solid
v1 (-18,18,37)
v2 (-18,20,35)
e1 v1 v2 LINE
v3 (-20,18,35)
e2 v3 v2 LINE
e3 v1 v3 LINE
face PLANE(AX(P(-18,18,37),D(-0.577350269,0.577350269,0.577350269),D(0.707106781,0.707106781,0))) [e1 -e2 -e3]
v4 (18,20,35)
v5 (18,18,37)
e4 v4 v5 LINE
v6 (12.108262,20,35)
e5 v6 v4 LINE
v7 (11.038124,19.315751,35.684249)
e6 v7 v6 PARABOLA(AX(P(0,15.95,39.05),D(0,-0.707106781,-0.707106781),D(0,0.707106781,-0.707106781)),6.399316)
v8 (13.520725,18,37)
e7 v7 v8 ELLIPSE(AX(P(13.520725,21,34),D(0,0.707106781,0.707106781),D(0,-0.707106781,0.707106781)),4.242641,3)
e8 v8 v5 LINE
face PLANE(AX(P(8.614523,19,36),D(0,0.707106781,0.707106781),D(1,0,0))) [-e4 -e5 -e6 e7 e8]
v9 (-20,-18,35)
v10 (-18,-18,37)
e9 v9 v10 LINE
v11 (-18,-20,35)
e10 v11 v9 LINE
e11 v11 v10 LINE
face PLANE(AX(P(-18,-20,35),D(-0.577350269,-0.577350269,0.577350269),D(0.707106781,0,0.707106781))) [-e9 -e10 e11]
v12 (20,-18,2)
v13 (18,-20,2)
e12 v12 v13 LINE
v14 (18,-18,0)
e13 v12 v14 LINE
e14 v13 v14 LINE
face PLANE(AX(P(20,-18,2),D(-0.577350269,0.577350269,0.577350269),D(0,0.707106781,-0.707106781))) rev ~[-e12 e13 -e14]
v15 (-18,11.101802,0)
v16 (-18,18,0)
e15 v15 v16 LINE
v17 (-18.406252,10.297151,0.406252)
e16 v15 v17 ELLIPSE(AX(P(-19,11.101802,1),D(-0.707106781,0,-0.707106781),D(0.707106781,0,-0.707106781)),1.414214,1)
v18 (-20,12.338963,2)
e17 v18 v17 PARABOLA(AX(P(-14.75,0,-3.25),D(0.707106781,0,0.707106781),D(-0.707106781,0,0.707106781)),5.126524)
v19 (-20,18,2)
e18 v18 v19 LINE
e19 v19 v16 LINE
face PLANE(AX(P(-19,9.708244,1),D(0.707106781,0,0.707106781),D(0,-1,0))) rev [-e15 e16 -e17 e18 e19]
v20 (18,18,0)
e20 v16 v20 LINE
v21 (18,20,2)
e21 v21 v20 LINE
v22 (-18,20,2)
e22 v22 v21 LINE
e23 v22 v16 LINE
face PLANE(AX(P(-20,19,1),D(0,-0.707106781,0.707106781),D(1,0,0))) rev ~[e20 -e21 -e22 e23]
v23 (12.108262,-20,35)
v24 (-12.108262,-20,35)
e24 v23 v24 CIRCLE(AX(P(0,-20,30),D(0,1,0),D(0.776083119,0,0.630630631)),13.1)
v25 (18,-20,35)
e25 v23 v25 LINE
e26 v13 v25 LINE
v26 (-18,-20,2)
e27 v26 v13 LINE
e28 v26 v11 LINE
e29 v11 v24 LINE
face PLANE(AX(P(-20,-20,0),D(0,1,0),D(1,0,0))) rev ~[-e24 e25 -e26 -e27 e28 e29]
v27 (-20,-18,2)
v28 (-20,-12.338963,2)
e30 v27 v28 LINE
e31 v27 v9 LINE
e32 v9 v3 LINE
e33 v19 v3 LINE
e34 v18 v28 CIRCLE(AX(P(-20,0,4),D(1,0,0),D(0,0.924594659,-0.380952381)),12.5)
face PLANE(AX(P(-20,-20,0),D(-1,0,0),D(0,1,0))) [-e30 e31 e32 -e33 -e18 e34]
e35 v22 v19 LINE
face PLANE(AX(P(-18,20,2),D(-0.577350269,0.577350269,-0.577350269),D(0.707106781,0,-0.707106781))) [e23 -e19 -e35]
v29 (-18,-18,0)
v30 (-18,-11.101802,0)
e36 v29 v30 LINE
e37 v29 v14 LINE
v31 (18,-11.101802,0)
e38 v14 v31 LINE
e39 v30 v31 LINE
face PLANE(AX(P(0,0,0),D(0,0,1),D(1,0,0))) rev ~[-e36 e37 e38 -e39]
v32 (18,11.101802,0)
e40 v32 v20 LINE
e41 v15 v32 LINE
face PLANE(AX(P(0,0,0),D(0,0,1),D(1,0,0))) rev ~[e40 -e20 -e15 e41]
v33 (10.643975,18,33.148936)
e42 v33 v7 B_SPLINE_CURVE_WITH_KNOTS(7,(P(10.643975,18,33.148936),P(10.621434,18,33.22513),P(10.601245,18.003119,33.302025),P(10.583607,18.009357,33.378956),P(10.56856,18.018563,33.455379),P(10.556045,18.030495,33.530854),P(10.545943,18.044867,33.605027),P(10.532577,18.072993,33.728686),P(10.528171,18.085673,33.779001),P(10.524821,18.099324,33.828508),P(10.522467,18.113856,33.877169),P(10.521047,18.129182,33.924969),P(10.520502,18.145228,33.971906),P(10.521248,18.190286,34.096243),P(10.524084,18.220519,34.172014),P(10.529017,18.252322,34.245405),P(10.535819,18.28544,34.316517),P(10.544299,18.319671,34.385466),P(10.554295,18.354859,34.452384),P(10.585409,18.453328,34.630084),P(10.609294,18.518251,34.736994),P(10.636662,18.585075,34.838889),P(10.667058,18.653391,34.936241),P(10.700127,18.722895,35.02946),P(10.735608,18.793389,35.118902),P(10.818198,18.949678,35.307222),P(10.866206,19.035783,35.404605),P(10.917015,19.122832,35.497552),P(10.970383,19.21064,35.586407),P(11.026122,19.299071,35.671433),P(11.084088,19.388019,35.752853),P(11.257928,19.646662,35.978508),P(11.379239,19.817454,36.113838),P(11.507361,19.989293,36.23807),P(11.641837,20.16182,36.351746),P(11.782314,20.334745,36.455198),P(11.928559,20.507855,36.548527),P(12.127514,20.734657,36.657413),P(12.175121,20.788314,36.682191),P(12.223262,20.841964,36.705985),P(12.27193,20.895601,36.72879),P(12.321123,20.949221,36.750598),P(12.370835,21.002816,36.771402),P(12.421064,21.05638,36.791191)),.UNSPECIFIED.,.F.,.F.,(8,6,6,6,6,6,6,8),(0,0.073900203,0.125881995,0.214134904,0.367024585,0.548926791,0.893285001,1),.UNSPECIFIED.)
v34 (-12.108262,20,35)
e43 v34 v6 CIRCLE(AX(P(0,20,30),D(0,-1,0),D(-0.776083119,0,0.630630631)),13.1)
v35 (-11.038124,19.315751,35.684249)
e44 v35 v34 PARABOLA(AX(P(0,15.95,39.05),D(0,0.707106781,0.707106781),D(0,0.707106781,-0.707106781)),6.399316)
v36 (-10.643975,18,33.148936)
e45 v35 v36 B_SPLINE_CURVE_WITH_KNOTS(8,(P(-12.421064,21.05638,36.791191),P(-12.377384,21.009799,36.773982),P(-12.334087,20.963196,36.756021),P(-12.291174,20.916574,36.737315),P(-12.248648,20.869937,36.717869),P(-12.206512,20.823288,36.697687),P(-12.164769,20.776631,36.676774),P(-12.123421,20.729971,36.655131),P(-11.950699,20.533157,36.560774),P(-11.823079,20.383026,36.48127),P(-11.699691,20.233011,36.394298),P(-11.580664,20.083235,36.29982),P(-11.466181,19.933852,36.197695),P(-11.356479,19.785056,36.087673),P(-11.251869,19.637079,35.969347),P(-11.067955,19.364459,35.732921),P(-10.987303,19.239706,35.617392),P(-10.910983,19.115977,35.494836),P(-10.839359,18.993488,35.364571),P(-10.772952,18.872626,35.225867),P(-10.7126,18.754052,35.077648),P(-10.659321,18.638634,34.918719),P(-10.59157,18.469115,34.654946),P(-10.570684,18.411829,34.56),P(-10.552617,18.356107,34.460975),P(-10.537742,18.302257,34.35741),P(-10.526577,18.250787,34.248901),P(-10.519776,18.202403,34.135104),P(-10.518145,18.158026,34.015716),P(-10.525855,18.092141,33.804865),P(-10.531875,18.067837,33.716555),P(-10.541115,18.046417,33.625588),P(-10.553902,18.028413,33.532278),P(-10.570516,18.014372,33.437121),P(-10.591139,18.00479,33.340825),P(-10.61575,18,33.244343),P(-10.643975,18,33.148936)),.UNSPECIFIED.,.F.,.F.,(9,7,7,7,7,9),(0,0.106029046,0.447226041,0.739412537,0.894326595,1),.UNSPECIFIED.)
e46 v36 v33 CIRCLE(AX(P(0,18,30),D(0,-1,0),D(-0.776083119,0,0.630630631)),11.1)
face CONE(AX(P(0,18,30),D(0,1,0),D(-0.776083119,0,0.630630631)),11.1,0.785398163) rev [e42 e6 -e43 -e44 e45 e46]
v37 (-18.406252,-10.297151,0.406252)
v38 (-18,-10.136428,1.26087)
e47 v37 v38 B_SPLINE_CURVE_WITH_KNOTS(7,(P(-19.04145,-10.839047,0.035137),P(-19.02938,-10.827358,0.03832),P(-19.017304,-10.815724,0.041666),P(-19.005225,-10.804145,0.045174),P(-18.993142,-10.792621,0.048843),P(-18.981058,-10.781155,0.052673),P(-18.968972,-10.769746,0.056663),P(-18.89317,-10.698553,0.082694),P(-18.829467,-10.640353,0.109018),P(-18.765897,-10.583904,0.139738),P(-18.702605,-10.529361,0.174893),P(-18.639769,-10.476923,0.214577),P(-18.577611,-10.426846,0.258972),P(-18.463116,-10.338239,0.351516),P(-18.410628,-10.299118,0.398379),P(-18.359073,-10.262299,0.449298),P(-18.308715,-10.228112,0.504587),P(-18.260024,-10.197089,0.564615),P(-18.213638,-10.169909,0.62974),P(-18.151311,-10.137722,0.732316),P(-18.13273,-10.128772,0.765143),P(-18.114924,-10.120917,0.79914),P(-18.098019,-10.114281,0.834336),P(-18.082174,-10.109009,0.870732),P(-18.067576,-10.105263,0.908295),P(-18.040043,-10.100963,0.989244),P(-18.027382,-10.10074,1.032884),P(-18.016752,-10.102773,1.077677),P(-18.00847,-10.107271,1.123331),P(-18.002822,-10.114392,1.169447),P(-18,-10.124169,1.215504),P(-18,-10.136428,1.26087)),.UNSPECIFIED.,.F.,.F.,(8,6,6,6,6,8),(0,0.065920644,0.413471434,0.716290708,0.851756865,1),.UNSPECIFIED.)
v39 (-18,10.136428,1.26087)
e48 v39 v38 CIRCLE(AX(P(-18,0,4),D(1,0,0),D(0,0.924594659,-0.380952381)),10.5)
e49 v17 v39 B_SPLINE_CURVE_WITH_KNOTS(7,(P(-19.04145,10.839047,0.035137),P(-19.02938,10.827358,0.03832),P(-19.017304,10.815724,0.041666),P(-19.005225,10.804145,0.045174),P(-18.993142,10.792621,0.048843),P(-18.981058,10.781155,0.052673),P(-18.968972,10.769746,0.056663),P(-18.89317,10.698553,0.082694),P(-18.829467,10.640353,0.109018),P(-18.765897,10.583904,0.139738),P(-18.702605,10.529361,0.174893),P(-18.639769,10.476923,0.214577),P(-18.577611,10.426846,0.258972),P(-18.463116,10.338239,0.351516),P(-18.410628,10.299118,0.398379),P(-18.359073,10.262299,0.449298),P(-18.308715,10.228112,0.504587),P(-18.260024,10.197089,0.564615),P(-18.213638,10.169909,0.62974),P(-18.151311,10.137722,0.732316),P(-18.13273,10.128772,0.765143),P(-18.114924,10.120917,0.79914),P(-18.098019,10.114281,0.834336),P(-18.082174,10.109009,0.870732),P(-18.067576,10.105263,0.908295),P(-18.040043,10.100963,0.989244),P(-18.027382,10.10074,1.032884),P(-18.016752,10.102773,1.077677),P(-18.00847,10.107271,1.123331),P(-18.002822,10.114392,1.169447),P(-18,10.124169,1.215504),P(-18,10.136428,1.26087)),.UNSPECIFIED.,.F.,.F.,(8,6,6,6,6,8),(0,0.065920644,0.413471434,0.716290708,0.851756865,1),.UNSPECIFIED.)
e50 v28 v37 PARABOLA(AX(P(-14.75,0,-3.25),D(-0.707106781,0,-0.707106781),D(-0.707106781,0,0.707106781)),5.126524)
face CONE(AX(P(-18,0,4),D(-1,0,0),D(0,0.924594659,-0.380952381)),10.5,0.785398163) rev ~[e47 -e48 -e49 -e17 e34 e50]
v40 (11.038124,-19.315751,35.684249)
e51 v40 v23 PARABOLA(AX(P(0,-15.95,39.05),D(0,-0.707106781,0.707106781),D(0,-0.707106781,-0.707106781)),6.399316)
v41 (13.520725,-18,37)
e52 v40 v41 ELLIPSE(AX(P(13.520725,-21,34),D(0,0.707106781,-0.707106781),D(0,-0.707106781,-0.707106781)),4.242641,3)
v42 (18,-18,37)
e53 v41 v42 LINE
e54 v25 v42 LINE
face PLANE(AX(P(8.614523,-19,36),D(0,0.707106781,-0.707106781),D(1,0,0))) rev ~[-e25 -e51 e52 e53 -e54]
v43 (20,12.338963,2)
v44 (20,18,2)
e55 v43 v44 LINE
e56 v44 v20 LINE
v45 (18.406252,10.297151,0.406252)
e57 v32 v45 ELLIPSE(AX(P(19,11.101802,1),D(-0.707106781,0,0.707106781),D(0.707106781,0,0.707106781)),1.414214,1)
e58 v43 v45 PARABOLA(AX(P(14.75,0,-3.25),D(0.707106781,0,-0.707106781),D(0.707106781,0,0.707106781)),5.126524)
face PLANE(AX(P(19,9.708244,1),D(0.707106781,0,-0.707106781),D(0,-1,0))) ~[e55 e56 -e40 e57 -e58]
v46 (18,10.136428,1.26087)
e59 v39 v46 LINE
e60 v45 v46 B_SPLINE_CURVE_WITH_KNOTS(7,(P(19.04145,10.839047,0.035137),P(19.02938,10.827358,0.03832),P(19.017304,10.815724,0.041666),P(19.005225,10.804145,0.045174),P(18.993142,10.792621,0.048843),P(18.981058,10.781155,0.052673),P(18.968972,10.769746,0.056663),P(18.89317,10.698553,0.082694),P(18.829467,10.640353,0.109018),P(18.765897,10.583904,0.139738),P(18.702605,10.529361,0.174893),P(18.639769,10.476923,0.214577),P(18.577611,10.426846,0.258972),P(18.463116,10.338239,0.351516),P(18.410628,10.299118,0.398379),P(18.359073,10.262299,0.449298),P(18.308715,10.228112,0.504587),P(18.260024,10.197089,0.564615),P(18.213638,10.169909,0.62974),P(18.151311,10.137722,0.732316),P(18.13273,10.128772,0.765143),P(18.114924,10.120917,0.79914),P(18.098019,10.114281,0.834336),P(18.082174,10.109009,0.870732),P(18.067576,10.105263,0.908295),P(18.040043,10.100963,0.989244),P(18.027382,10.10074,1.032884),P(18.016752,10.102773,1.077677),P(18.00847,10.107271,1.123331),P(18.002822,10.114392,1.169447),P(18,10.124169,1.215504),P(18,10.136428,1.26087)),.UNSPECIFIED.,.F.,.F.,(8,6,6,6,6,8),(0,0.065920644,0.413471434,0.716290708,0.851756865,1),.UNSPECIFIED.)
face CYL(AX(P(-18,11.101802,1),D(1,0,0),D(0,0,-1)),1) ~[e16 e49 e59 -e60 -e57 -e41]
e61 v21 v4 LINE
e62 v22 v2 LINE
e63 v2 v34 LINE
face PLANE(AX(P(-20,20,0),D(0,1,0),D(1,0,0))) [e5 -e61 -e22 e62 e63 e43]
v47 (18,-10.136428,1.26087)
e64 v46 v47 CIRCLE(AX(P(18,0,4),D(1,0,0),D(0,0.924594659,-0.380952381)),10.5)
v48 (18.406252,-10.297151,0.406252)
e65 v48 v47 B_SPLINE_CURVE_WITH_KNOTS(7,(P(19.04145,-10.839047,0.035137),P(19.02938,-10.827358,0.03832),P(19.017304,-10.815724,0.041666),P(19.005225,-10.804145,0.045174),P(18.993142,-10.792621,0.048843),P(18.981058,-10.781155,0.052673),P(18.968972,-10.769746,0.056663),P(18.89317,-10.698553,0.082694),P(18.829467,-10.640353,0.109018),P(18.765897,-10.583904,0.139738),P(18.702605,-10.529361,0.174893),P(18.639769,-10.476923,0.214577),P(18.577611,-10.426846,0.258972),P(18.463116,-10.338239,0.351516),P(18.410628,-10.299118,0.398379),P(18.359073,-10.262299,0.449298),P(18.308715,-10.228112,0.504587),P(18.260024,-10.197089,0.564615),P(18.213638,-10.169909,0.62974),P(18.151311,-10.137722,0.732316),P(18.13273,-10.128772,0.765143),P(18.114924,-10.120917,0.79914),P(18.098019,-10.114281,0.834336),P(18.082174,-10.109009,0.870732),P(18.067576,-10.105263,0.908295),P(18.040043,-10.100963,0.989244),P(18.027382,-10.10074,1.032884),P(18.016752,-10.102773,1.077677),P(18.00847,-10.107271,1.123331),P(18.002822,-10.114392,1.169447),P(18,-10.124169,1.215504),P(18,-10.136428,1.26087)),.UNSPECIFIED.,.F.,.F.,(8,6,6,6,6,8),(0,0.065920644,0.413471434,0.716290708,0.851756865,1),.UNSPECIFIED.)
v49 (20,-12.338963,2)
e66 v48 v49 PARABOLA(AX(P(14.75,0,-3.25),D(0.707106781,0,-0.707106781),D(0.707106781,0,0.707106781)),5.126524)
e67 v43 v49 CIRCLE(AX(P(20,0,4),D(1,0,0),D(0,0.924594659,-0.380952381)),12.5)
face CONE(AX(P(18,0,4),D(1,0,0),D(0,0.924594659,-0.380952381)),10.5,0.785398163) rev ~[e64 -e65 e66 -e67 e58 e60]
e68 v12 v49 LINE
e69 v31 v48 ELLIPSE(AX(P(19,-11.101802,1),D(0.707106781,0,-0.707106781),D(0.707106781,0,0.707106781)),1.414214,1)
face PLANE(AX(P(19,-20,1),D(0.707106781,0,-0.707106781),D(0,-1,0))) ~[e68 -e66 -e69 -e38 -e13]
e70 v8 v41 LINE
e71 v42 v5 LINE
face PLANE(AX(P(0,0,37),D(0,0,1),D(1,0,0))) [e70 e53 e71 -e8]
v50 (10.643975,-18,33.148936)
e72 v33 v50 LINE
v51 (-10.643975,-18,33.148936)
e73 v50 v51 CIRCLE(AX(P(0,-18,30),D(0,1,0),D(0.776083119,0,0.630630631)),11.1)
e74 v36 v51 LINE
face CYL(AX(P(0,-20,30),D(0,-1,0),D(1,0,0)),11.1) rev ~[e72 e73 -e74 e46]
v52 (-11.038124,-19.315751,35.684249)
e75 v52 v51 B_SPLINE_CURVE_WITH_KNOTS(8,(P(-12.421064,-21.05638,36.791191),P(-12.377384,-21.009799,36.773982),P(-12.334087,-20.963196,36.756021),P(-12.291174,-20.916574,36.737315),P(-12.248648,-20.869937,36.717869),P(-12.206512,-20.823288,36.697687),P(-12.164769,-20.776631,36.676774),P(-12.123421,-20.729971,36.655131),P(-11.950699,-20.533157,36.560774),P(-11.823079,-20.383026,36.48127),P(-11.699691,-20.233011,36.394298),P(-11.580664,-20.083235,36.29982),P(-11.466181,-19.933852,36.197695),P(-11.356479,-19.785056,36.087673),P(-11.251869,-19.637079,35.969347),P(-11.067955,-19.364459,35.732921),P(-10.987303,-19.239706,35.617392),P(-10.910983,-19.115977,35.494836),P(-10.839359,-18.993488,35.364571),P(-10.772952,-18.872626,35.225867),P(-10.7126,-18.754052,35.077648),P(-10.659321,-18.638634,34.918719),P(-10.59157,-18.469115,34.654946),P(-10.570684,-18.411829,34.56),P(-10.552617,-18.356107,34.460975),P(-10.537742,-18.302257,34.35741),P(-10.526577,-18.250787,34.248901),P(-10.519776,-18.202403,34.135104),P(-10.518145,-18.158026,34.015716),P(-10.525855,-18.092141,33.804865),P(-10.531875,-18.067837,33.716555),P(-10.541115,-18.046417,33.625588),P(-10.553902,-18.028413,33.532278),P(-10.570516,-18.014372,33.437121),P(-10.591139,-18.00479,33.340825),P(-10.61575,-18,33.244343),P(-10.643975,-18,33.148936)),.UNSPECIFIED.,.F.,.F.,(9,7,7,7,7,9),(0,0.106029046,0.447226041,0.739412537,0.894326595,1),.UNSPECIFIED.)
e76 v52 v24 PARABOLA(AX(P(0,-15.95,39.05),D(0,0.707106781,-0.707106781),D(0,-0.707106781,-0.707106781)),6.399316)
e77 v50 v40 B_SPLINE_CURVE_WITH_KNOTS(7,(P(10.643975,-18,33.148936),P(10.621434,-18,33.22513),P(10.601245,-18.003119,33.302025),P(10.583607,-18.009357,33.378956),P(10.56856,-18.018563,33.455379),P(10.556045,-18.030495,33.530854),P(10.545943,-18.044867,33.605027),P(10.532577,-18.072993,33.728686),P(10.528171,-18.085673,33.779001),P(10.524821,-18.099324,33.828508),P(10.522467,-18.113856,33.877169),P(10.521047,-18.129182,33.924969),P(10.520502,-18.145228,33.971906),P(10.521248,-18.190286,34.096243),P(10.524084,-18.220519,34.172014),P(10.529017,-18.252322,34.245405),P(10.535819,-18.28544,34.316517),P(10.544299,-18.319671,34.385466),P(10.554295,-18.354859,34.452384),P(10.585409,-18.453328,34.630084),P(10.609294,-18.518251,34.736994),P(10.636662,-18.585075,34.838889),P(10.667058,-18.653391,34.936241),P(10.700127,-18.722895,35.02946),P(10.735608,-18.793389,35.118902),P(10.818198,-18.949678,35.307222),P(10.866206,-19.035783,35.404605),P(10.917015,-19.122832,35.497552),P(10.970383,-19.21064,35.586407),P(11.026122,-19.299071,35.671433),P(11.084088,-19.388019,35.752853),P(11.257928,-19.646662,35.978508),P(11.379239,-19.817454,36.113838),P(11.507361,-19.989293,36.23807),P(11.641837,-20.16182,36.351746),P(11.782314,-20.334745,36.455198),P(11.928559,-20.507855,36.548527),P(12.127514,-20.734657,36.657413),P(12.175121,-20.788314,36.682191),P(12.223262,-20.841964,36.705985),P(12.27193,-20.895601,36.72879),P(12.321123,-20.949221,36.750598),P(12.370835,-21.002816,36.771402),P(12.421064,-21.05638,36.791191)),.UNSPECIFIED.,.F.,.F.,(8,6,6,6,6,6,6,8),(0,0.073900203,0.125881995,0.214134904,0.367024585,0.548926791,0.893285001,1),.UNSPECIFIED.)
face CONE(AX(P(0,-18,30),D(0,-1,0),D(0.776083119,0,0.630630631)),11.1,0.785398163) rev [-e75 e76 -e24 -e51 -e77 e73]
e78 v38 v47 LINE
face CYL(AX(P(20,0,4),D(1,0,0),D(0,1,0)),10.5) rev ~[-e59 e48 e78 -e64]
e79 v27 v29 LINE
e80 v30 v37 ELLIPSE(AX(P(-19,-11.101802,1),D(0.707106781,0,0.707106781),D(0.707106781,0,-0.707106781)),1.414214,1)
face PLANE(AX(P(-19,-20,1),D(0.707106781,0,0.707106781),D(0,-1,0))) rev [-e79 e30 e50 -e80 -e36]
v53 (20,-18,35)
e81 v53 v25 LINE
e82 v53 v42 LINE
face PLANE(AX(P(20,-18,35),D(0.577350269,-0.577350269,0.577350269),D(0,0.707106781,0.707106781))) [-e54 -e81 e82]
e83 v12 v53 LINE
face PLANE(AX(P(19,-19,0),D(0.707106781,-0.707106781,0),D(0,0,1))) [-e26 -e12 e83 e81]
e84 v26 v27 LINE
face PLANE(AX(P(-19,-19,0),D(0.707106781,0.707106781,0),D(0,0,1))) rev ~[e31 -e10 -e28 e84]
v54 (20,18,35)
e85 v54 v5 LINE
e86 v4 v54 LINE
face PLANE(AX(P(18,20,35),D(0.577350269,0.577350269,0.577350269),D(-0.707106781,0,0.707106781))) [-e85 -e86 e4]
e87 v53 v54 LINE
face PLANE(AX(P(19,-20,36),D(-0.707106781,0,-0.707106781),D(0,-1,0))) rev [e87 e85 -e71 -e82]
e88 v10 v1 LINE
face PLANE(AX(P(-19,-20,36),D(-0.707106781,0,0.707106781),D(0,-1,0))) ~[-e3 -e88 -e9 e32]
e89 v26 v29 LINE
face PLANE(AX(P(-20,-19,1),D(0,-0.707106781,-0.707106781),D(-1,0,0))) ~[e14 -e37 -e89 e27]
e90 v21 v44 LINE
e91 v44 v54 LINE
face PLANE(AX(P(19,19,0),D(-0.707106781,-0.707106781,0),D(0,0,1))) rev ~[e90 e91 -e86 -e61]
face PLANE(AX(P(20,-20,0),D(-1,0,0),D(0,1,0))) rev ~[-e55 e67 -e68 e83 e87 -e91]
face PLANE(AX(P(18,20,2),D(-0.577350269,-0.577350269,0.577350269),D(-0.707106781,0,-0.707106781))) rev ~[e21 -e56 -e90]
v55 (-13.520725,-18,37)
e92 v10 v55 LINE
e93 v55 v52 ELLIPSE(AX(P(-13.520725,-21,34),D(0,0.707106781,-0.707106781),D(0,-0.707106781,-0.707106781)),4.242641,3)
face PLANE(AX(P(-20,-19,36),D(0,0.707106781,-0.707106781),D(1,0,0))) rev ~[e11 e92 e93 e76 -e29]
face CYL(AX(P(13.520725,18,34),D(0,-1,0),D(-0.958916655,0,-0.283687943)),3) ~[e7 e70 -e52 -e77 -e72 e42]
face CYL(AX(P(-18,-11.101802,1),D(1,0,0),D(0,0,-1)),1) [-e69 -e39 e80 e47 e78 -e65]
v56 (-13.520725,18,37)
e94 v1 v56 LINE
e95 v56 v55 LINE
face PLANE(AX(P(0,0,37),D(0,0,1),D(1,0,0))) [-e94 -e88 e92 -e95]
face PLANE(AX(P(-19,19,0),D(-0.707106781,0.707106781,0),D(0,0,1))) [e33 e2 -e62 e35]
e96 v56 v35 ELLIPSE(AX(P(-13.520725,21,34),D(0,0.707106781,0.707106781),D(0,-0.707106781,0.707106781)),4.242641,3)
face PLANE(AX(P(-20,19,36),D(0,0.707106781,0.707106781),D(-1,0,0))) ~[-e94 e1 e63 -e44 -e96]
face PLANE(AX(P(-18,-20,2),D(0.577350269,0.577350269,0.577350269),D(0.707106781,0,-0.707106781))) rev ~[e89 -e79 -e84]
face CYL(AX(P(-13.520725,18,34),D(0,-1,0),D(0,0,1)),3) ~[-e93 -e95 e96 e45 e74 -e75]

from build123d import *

# Parameters (mm, degrees)
SKETCH_W        = 40
SKETCH_H        = 40
PAD_DEPTH       = 37
SKETCH001_R     = 10.5
POCKET_DEPTH    = 40.001
SKETCH002_R     = 11.1
POCKET001_DEPTH = 40.001
CHAMFER_SIZE    = 2
FILLET_R        = 3
FILLET001_R     = 1


with BuildPart() as part:
    # Sketch → Pad (new body)
    with BuildSketch(Plane.XY):
        Rectangle(SKETCH_W, SKETCH_H)
    extrude(amount=PAD_DEPTH)

    # Sketch001 → Pocket (cut, through all)
    with BuildSketch(Plane.YZ.offset(20)):
        with Locations((0, 4)):
            Circle(SKETCH001_R)
    extrude(amount=-POCKET_DEPTH, mode=Mode.SUBTRACT)

    # Sketch002 → Pocket001 (cut, through all)
    with BuildSketch(Plane.XZ.offset(20)):
        with Locations((0, 30)):
            Circle(SKETCH002_R)
    extrude(amount=-POCKET001_DEPTH, mode=Mode.SUBTRACT)

    # Chamfer
    chamfer_edges = [part.edges().sort_by_distance(p)[0] for p in [
        (-20, -14.854122, 0),
        (-20, -2.038803, 14.300159),
        (-20, 10.300159, 1.961197),
        (-20, 14.854122, 0),
        (-20, 20, 18.5),
        (-20, 0, 37),
        (-20, -20, 18.5),
        (0, -20, 0),
        (-14.307261, -20, 37),
        (-3.714081, -20, 19.539809),
        (10.460191, -20, 33.714081),
        (14.307261, -20, 37),
        (20, -20, 18.5),
        (20, 14.854122, 0),
        (20, 10.300159, 1.961197),
        (20, -2.038803, 14.300159),
        (20, -14.854122, 0),
        (20, 0, 37),
        (20, 20, 18.5),
        (0, 20, 0),
        (14.307261, 20, 37),
        (10.460191, 20, 33.714081),
        (-3.714081, 20, 19.539809),
        (-14.307261, 20, 37),
    ]]
    chamfer(chamfer_edges, length=CHAMFER_SIZE)

    # Fillet
    fillet_edges = [part.edges().sort_by_distance(p)[0] for p in [
        (-8.614523, 0, 37),
        (8.614523, 0, 37),
    ]]
    fillet(fillet_edges, radius=FILLET_R)

    # Fillet001
    fillet001_edges = [part.edges().sort_by_distance(p)[0] for p in [
        (0, 9.708244, 0),
        (0, -9.708244, 0),
    ]]
    fillet(fillet001_edges, radius=FILLET001_R)


solid = part.part
